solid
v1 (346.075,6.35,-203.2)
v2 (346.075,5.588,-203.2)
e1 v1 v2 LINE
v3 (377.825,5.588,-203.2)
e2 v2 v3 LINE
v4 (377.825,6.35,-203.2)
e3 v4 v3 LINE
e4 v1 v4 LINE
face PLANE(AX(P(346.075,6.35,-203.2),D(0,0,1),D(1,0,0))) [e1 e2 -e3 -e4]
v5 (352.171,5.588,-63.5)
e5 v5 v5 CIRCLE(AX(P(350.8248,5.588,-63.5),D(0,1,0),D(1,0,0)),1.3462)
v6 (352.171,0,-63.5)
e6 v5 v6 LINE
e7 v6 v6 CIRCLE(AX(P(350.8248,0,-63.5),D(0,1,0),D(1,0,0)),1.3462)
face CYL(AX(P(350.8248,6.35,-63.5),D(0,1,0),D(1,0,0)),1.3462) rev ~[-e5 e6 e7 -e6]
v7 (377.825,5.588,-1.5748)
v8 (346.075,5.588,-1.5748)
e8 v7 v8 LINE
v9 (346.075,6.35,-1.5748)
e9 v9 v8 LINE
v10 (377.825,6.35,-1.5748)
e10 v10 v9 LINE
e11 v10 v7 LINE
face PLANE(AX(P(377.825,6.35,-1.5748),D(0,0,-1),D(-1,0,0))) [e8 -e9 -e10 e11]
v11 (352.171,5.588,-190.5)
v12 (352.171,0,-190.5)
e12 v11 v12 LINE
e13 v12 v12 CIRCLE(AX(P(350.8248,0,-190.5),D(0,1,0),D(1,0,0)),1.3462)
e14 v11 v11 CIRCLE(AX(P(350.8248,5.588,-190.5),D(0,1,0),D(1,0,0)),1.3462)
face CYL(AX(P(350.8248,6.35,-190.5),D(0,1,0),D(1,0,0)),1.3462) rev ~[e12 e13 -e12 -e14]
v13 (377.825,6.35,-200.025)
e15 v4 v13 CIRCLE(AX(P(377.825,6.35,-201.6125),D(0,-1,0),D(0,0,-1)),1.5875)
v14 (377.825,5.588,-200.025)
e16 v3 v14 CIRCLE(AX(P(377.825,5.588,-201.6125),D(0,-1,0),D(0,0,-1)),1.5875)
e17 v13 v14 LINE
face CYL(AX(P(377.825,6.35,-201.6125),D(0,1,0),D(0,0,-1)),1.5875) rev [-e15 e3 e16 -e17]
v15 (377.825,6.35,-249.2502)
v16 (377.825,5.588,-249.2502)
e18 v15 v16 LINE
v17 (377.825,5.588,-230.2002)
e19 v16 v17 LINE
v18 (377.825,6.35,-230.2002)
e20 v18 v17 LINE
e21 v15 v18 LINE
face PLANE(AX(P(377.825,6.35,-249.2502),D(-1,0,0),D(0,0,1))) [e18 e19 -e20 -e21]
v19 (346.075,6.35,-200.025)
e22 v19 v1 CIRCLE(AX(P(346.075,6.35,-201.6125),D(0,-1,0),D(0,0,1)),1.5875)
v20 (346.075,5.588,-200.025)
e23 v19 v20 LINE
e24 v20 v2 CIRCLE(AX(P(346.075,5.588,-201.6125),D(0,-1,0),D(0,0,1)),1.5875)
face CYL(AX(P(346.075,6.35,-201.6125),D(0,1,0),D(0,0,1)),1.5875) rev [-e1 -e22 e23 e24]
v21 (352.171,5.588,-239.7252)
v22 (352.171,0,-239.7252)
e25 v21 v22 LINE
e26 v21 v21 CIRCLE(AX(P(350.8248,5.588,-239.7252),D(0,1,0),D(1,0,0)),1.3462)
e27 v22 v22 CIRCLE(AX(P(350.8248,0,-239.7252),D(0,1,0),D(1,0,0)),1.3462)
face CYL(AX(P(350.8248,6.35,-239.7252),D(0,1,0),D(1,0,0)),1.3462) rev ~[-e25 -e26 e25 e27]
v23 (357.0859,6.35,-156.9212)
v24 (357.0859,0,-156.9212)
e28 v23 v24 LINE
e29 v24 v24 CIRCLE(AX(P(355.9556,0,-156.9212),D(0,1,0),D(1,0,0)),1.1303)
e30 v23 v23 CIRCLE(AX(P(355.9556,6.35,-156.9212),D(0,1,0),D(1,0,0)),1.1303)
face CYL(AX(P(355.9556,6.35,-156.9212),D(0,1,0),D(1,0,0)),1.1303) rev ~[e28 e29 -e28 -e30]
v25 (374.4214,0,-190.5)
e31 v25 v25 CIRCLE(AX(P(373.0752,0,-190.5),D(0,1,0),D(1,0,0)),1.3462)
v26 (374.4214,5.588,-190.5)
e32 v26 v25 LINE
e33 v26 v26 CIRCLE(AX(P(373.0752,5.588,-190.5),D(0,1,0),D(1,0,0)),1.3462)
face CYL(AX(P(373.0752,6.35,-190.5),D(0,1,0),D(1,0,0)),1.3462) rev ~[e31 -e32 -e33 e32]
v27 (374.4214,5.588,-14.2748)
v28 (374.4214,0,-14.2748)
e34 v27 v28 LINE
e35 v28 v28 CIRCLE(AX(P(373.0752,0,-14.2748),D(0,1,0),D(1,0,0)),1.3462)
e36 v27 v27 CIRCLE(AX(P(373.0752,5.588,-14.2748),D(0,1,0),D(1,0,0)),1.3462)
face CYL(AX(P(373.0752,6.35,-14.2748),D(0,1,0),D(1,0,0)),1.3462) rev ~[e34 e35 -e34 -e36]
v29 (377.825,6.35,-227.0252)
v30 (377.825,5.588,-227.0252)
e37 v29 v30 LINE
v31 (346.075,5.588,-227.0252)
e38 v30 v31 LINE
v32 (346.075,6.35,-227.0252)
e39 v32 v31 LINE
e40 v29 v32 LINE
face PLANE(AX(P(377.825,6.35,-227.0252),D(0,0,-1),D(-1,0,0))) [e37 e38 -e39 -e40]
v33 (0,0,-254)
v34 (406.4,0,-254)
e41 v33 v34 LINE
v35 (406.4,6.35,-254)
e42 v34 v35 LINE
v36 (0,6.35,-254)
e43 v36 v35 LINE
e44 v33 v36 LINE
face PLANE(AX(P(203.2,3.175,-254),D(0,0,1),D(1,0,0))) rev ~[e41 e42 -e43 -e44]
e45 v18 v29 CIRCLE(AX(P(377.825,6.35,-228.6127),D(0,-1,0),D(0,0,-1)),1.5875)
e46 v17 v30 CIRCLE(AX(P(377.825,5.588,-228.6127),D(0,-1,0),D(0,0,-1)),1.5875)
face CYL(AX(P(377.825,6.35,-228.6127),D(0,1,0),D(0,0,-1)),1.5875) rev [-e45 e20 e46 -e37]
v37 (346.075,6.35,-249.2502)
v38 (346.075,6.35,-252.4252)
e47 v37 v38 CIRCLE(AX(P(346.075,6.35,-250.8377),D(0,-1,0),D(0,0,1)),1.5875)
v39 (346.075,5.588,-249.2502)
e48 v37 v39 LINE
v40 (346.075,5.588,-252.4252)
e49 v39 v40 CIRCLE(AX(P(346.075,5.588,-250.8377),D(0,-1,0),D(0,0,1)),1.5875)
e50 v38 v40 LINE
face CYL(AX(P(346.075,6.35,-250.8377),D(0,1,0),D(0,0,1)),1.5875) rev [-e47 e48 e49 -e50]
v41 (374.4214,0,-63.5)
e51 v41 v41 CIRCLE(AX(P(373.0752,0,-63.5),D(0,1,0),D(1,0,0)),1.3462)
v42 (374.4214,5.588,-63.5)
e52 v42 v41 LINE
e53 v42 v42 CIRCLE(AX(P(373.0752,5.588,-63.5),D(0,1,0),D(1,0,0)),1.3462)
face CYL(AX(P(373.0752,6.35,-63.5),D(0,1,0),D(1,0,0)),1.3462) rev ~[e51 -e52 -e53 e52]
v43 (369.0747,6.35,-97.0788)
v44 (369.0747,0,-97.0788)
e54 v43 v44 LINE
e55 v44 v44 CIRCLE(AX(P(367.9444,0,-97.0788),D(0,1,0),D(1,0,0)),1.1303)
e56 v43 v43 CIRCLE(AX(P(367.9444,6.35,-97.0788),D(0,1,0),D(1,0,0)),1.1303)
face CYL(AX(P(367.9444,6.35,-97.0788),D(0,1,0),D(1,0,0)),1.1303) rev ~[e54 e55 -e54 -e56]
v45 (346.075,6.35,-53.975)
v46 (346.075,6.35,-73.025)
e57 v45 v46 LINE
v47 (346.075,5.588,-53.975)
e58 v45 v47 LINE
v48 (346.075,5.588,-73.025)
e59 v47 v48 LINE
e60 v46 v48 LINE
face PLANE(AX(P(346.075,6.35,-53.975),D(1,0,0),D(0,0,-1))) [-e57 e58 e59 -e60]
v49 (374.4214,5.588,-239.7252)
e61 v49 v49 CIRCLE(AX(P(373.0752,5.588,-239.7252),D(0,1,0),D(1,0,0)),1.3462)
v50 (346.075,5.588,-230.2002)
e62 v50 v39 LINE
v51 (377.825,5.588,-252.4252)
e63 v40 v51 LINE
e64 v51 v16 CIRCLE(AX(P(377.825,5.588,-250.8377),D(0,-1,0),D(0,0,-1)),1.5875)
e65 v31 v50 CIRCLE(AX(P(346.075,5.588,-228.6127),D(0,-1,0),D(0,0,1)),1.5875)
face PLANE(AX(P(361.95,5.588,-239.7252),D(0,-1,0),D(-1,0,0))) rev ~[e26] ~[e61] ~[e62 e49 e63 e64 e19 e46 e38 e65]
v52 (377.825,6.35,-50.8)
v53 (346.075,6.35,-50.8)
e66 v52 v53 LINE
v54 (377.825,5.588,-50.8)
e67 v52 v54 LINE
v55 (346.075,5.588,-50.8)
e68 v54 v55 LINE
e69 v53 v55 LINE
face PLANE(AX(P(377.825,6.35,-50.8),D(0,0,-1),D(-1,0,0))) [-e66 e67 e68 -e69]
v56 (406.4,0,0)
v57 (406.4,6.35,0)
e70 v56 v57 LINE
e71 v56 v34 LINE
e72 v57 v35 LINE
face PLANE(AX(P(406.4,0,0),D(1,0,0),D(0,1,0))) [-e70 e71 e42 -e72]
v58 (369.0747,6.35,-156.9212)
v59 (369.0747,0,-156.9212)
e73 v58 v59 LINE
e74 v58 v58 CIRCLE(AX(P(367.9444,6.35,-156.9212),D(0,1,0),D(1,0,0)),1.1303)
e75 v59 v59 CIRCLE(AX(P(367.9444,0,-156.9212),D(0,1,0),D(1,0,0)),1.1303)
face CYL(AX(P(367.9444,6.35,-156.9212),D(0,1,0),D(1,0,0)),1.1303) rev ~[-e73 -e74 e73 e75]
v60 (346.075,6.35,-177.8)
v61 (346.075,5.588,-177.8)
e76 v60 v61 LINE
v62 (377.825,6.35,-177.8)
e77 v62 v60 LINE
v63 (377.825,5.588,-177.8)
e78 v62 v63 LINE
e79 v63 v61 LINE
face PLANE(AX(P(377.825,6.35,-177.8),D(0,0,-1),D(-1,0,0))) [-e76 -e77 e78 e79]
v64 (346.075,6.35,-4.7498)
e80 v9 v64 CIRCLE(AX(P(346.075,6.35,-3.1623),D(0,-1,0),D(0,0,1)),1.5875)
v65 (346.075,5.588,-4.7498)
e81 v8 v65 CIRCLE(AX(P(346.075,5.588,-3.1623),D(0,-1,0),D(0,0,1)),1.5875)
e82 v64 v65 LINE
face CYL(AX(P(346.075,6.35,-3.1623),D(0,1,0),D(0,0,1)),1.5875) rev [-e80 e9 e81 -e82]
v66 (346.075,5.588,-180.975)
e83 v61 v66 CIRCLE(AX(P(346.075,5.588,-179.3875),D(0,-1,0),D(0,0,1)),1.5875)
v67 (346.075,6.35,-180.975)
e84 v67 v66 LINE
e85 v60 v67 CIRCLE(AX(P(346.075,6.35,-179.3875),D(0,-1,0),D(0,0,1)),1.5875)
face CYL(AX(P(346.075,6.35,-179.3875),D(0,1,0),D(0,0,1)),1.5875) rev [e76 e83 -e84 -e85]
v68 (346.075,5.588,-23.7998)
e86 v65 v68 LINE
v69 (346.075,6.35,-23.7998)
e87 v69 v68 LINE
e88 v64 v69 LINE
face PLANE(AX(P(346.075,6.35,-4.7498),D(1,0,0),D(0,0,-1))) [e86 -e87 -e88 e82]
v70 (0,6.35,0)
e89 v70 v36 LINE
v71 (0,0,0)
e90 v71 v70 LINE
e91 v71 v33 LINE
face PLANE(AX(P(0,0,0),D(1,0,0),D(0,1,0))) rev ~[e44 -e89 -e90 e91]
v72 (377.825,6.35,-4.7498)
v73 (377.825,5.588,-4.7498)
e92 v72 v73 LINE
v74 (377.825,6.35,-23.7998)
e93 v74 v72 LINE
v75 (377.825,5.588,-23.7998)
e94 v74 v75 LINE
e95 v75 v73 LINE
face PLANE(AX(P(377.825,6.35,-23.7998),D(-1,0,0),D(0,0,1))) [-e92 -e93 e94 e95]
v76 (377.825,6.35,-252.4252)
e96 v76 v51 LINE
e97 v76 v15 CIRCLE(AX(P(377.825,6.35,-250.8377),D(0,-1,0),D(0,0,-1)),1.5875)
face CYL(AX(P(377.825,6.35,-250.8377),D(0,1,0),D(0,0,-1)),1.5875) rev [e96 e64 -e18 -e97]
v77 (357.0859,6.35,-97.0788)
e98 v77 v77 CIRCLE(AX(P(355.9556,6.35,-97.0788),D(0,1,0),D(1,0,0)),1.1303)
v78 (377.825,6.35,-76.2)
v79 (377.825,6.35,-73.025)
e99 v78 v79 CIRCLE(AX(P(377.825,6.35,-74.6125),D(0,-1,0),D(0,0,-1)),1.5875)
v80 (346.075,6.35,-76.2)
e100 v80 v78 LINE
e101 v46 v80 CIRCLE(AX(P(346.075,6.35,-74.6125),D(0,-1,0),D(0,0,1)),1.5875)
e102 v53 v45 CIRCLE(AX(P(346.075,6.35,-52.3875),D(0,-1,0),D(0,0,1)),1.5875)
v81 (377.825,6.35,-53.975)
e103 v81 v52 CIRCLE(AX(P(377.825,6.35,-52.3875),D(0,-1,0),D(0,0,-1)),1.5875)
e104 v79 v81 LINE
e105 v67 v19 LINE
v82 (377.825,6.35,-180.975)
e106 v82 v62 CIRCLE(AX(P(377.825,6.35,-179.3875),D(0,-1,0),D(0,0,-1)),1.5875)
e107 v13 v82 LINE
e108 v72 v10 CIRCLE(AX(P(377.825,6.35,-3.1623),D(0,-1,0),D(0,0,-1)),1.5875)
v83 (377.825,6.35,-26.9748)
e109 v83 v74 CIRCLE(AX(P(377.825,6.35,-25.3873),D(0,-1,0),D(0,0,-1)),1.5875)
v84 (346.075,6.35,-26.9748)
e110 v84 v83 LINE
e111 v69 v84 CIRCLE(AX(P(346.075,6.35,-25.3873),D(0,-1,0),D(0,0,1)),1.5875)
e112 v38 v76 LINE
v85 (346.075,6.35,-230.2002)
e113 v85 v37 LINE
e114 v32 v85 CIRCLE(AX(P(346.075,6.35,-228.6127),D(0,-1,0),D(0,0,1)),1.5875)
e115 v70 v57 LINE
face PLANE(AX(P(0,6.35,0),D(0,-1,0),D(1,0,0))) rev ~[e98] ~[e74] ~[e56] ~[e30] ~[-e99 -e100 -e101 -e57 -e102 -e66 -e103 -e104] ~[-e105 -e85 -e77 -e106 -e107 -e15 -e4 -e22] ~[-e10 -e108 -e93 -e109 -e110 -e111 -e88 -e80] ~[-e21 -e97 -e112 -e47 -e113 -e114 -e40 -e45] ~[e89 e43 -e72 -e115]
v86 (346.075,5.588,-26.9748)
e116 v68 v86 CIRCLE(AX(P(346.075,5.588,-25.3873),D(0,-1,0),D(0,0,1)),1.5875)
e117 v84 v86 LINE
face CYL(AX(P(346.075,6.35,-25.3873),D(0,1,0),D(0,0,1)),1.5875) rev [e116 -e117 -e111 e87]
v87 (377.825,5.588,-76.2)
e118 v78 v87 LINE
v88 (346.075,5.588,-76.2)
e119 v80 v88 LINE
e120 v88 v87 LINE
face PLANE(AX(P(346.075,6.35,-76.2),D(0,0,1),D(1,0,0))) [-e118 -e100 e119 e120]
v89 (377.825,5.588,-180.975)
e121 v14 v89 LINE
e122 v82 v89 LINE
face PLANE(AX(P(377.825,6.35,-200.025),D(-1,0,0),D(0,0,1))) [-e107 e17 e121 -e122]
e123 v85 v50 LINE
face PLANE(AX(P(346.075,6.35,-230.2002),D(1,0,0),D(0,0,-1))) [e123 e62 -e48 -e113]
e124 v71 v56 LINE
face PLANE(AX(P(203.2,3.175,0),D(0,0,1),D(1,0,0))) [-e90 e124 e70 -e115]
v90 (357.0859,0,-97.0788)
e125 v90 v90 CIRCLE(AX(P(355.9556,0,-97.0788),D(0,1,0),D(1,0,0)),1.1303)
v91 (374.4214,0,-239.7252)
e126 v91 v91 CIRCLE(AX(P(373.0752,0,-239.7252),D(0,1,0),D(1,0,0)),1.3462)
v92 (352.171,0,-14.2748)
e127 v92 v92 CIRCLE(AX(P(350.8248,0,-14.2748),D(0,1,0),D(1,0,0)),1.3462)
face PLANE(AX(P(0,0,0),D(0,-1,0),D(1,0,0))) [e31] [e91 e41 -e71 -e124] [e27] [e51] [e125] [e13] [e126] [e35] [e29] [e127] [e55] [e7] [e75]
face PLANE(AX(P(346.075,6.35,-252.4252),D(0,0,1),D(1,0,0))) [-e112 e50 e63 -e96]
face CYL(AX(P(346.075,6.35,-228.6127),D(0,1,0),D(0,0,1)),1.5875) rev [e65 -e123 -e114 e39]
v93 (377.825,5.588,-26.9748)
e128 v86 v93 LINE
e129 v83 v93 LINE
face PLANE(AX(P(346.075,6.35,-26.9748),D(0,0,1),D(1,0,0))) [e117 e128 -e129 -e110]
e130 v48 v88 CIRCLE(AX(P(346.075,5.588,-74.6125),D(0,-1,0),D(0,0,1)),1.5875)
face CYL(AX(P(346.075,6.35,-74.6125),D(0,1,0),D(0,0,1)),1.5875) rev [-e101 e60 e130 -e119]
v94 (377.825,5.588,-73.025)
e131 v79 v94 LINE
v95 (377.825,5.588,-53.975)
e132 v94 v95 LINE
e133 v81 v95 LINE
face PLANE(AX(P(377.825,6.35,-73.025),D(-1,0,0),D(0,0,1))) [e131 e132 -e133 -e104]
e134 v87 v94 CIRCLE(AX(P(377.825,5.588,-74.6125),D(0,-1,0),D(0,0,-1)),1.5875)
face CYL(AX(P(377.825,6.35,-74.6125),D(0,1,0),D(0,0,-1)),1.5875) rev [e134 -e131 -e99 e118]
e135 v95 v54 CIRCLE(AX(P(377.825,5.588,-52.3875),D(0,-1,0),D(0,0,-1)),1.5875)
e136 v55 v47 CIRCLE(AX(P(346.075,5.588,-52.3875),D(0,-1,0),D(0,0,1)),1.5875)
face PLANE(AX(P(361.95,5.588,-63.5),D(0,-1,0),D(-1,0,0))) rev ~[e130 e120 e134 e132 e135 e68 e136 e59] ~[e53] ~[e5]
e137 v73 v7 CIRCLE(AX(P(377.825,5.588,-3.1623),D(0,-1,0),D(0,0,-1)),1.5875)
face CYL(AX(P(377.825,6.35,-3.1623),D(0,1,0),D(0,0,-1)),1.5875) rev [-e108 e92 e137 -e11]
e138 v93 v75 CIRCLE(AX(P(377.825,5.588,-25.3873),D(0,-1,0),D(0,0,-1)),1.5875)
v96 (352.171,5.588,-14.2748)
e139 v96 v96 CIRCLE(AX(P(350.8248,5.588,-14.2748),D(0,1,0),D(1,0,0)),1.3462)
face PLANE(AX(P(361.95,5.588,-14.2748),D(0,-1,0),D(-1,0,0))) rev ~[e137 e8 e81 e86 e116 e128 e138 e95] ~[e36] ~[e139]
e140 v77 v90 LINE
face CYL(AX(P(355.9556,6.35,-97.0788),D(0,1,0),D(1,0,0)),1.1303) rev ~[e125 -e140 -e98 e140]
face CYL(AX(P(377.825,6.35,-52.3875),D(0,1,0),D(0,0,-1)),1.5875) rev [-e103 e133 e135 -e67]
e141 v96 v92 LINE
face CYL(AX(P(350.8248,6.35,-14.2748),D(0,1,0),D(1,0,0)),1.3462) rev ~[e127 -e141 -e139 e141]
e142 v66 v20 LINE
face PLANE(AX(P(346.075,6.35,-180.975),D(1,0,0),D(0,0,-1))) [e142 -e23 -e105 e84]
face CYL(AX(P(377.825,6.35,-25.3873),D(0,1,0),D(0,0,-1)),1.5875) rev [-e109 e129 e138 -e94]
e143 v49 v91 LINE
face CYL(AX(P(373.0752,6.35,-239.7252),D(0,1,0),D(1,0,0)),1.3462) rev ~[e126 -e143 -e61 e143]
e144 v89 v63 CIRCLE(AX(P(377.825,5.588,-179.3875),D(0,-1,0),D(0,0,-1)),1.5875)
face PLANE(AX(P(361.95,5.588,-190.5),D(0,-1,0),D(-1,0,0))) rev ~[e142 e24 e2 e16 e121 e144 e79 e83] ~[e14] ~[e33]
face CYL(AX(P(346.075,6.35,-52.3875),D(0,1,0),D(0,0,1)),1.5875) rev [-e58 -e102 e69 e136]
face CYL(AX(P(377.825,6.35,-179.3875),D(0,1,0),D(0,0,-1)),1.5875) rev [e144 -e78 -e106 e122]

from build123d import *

# Parameters (mm, degrees)
SKETCH2_W           = 406.4
SKETCH2_H           = 6.35
BOSS_EXTRUDE1_DEPTH = 254
SKETCH3_R           = 1.3462
SKETCH3_R_2         = 1.1303
CUT_EXTRUDE1_DEPTH  = 7.35
CUT_EXTRUDE3_DEPTH  = 0.762


with BuildPart() as part:
    # Sketch2 → Boss-Extrude1 (new body)
    with BuildSketch(Plane.XY):
        with Locations((203.2, 3.175)):
            Rectangle(SKETCH2_W, SKETCH2_H)
    extrude(amount=-BOSS_EXTRUDE1_DEPTH)

    # Sketch3 → Cut-Extrude1 (cut, through all)
    with BuildSketch(Plane(origin=(0, 6.35, 0), x_dir=(1, 0, 0), z_dir=(0, 1, 0))):
        with Locations((350.8248, 239.7252)):
            Circle(SKETCH3_R)
        with Locations((373.0752, 239.7252)):
            Circle(SKETCH3_R)
        with Locations((373.0752, 190.5)):
            Circle(SKETCH3_R)
        with Locations((350.8248, 190.5)):
            Circle(SKETCH3_R)
        with Locations((355.9556, 156.9212)):
            Circle(SKETCH3_R_2)
        with Locations((367.9444, 156.9212)):
            Circle(SKETCH3_R_2)
        with Locations((367.9444, 97.0788)):
            Circle(SKETCH3_R_2)
        with Locations((355.9556, 97.0788)):
            Circle(SKETCH3_R_2)
        with Locations((373.0752, 63.5)):
            Circle(SKETCH3_R)
        with Locations((350.8248, 63.5)):
            Circle(SKETCH3_R)
        with Locations((350.8248, 14.2748)):
            Circle(SKETCH3_R)
        with Locations((373.0752, 14.2748)):
            Circle(SKETCH3_R)
    extrude(amount=-CUT_EXTRUDE1_DEPTH, mode=Mode.SUBTRACT)

    # Sketch4 → Cut-Extrude3 (cut)
    with BuildSketch(Plane(origin=(0, 6.35, 0), x_dir=(1, 0, 0), z_dir=(0, 1, 0))):
        with BuildLine():
            Line((346.075, 252.4252), (377.825, 252.4252))
            ThreePointArc((377.825, 252.4252), (379.4125, 250.8377), (377.825, 249.2502))
            Line((377.825, 249.2502), (377.825, 230.2002))
            ThreePointArc((377.825, 230.2002), (379.4125, 228.6127), (377.825, 227.0252))
            Line((377.825, 227.0252), (346.075, 227.0252))
            ThreePointArc((346.075, 227.0252), (344.4875, 228.6127), (346.075, 230.2002))
            Line((346.075, 230.2002), (346.075, 249.2502))
            ThreePointArc((346.075, 249.2502), (344.4875, 250.8377), (346.075, 252.4252))
        make_face()
        with BuildLine():
            Line((346.075, 203.2), (377.825, 203.2))
            ThreePointArc((377.825, 203.2), (379.4125, 201.6125), (377.825, 200.025))
            Line((377.825, 200.025), (377.825, 180.975))
            ThreePointArc((377.825, 180.975), (379.4125, 179.3875), (377.825, 177.8))
            Line((377.825, 177.8), (346.075, 177.8))
            ThreePointArc((346.075, 177.8), (344.4875, 179.3875), (346.075, 180.975))
            Line((346.075, 180.975), (346.075, 200.025))
            ThreePointArc((346.075, 200.025), (344.4875, 201.6125), (346.075, 203.2))
        make_face()
        with BuildLine():
            Line((346.075, 4.7498), (346.075, 23.7998))
            ThreePointArc((346.075, 23.7998), (344.4875, 25.3873), (346.075, 26.9748))
            Line((346.075, 26.9748), (377.825, 26.9748))
            ThreePointArc((377.825, 26.9748), (379.4125, 25.3873), (377.825, 23.7998))
            Line((377.825, 23.7998), (377.825, 4.7498))
            ThreePointArc((377.825, 4.7498), (379.4125, 3.1623), (377.825, 1.5748))
            Line((377.825, 1.5748), (346.075, 1.5748))
            ThreePointArc((346.075, 1.5748), (344.4875, 3.1623), (346.075, 4.7498))
        make_face()
        with BuildLine():
            Line((346.075, 53.975), (346.075, 73.025))
            ThreePointArc((346.075, 73.025), (344.4875, 74.6125), (346.075, 76.2))
            Line((346.075, 76.2), (377.825, 76.2))
            ThreePointArc((377.825, 76.2), (379.4125, 74.6125), (377.825, 73.025))
            Line((377.825, 73.025), (377.825, 53.975))
            ThreePointArc((377.825, 53.975), (379.4125, 52.3875), (377.825, 50.8))
            Line((377.825, 50.8), (346.075, 50.8))
            ThreePointArc((346.075, 50.8), (344.4875, 52.3875), (346.075, 53.975))
        make_face()
    extrude(amount=-CUT_EXTRUDE3_DEPTH, mode=Mode.SUBTRACT)


solid = part.part
